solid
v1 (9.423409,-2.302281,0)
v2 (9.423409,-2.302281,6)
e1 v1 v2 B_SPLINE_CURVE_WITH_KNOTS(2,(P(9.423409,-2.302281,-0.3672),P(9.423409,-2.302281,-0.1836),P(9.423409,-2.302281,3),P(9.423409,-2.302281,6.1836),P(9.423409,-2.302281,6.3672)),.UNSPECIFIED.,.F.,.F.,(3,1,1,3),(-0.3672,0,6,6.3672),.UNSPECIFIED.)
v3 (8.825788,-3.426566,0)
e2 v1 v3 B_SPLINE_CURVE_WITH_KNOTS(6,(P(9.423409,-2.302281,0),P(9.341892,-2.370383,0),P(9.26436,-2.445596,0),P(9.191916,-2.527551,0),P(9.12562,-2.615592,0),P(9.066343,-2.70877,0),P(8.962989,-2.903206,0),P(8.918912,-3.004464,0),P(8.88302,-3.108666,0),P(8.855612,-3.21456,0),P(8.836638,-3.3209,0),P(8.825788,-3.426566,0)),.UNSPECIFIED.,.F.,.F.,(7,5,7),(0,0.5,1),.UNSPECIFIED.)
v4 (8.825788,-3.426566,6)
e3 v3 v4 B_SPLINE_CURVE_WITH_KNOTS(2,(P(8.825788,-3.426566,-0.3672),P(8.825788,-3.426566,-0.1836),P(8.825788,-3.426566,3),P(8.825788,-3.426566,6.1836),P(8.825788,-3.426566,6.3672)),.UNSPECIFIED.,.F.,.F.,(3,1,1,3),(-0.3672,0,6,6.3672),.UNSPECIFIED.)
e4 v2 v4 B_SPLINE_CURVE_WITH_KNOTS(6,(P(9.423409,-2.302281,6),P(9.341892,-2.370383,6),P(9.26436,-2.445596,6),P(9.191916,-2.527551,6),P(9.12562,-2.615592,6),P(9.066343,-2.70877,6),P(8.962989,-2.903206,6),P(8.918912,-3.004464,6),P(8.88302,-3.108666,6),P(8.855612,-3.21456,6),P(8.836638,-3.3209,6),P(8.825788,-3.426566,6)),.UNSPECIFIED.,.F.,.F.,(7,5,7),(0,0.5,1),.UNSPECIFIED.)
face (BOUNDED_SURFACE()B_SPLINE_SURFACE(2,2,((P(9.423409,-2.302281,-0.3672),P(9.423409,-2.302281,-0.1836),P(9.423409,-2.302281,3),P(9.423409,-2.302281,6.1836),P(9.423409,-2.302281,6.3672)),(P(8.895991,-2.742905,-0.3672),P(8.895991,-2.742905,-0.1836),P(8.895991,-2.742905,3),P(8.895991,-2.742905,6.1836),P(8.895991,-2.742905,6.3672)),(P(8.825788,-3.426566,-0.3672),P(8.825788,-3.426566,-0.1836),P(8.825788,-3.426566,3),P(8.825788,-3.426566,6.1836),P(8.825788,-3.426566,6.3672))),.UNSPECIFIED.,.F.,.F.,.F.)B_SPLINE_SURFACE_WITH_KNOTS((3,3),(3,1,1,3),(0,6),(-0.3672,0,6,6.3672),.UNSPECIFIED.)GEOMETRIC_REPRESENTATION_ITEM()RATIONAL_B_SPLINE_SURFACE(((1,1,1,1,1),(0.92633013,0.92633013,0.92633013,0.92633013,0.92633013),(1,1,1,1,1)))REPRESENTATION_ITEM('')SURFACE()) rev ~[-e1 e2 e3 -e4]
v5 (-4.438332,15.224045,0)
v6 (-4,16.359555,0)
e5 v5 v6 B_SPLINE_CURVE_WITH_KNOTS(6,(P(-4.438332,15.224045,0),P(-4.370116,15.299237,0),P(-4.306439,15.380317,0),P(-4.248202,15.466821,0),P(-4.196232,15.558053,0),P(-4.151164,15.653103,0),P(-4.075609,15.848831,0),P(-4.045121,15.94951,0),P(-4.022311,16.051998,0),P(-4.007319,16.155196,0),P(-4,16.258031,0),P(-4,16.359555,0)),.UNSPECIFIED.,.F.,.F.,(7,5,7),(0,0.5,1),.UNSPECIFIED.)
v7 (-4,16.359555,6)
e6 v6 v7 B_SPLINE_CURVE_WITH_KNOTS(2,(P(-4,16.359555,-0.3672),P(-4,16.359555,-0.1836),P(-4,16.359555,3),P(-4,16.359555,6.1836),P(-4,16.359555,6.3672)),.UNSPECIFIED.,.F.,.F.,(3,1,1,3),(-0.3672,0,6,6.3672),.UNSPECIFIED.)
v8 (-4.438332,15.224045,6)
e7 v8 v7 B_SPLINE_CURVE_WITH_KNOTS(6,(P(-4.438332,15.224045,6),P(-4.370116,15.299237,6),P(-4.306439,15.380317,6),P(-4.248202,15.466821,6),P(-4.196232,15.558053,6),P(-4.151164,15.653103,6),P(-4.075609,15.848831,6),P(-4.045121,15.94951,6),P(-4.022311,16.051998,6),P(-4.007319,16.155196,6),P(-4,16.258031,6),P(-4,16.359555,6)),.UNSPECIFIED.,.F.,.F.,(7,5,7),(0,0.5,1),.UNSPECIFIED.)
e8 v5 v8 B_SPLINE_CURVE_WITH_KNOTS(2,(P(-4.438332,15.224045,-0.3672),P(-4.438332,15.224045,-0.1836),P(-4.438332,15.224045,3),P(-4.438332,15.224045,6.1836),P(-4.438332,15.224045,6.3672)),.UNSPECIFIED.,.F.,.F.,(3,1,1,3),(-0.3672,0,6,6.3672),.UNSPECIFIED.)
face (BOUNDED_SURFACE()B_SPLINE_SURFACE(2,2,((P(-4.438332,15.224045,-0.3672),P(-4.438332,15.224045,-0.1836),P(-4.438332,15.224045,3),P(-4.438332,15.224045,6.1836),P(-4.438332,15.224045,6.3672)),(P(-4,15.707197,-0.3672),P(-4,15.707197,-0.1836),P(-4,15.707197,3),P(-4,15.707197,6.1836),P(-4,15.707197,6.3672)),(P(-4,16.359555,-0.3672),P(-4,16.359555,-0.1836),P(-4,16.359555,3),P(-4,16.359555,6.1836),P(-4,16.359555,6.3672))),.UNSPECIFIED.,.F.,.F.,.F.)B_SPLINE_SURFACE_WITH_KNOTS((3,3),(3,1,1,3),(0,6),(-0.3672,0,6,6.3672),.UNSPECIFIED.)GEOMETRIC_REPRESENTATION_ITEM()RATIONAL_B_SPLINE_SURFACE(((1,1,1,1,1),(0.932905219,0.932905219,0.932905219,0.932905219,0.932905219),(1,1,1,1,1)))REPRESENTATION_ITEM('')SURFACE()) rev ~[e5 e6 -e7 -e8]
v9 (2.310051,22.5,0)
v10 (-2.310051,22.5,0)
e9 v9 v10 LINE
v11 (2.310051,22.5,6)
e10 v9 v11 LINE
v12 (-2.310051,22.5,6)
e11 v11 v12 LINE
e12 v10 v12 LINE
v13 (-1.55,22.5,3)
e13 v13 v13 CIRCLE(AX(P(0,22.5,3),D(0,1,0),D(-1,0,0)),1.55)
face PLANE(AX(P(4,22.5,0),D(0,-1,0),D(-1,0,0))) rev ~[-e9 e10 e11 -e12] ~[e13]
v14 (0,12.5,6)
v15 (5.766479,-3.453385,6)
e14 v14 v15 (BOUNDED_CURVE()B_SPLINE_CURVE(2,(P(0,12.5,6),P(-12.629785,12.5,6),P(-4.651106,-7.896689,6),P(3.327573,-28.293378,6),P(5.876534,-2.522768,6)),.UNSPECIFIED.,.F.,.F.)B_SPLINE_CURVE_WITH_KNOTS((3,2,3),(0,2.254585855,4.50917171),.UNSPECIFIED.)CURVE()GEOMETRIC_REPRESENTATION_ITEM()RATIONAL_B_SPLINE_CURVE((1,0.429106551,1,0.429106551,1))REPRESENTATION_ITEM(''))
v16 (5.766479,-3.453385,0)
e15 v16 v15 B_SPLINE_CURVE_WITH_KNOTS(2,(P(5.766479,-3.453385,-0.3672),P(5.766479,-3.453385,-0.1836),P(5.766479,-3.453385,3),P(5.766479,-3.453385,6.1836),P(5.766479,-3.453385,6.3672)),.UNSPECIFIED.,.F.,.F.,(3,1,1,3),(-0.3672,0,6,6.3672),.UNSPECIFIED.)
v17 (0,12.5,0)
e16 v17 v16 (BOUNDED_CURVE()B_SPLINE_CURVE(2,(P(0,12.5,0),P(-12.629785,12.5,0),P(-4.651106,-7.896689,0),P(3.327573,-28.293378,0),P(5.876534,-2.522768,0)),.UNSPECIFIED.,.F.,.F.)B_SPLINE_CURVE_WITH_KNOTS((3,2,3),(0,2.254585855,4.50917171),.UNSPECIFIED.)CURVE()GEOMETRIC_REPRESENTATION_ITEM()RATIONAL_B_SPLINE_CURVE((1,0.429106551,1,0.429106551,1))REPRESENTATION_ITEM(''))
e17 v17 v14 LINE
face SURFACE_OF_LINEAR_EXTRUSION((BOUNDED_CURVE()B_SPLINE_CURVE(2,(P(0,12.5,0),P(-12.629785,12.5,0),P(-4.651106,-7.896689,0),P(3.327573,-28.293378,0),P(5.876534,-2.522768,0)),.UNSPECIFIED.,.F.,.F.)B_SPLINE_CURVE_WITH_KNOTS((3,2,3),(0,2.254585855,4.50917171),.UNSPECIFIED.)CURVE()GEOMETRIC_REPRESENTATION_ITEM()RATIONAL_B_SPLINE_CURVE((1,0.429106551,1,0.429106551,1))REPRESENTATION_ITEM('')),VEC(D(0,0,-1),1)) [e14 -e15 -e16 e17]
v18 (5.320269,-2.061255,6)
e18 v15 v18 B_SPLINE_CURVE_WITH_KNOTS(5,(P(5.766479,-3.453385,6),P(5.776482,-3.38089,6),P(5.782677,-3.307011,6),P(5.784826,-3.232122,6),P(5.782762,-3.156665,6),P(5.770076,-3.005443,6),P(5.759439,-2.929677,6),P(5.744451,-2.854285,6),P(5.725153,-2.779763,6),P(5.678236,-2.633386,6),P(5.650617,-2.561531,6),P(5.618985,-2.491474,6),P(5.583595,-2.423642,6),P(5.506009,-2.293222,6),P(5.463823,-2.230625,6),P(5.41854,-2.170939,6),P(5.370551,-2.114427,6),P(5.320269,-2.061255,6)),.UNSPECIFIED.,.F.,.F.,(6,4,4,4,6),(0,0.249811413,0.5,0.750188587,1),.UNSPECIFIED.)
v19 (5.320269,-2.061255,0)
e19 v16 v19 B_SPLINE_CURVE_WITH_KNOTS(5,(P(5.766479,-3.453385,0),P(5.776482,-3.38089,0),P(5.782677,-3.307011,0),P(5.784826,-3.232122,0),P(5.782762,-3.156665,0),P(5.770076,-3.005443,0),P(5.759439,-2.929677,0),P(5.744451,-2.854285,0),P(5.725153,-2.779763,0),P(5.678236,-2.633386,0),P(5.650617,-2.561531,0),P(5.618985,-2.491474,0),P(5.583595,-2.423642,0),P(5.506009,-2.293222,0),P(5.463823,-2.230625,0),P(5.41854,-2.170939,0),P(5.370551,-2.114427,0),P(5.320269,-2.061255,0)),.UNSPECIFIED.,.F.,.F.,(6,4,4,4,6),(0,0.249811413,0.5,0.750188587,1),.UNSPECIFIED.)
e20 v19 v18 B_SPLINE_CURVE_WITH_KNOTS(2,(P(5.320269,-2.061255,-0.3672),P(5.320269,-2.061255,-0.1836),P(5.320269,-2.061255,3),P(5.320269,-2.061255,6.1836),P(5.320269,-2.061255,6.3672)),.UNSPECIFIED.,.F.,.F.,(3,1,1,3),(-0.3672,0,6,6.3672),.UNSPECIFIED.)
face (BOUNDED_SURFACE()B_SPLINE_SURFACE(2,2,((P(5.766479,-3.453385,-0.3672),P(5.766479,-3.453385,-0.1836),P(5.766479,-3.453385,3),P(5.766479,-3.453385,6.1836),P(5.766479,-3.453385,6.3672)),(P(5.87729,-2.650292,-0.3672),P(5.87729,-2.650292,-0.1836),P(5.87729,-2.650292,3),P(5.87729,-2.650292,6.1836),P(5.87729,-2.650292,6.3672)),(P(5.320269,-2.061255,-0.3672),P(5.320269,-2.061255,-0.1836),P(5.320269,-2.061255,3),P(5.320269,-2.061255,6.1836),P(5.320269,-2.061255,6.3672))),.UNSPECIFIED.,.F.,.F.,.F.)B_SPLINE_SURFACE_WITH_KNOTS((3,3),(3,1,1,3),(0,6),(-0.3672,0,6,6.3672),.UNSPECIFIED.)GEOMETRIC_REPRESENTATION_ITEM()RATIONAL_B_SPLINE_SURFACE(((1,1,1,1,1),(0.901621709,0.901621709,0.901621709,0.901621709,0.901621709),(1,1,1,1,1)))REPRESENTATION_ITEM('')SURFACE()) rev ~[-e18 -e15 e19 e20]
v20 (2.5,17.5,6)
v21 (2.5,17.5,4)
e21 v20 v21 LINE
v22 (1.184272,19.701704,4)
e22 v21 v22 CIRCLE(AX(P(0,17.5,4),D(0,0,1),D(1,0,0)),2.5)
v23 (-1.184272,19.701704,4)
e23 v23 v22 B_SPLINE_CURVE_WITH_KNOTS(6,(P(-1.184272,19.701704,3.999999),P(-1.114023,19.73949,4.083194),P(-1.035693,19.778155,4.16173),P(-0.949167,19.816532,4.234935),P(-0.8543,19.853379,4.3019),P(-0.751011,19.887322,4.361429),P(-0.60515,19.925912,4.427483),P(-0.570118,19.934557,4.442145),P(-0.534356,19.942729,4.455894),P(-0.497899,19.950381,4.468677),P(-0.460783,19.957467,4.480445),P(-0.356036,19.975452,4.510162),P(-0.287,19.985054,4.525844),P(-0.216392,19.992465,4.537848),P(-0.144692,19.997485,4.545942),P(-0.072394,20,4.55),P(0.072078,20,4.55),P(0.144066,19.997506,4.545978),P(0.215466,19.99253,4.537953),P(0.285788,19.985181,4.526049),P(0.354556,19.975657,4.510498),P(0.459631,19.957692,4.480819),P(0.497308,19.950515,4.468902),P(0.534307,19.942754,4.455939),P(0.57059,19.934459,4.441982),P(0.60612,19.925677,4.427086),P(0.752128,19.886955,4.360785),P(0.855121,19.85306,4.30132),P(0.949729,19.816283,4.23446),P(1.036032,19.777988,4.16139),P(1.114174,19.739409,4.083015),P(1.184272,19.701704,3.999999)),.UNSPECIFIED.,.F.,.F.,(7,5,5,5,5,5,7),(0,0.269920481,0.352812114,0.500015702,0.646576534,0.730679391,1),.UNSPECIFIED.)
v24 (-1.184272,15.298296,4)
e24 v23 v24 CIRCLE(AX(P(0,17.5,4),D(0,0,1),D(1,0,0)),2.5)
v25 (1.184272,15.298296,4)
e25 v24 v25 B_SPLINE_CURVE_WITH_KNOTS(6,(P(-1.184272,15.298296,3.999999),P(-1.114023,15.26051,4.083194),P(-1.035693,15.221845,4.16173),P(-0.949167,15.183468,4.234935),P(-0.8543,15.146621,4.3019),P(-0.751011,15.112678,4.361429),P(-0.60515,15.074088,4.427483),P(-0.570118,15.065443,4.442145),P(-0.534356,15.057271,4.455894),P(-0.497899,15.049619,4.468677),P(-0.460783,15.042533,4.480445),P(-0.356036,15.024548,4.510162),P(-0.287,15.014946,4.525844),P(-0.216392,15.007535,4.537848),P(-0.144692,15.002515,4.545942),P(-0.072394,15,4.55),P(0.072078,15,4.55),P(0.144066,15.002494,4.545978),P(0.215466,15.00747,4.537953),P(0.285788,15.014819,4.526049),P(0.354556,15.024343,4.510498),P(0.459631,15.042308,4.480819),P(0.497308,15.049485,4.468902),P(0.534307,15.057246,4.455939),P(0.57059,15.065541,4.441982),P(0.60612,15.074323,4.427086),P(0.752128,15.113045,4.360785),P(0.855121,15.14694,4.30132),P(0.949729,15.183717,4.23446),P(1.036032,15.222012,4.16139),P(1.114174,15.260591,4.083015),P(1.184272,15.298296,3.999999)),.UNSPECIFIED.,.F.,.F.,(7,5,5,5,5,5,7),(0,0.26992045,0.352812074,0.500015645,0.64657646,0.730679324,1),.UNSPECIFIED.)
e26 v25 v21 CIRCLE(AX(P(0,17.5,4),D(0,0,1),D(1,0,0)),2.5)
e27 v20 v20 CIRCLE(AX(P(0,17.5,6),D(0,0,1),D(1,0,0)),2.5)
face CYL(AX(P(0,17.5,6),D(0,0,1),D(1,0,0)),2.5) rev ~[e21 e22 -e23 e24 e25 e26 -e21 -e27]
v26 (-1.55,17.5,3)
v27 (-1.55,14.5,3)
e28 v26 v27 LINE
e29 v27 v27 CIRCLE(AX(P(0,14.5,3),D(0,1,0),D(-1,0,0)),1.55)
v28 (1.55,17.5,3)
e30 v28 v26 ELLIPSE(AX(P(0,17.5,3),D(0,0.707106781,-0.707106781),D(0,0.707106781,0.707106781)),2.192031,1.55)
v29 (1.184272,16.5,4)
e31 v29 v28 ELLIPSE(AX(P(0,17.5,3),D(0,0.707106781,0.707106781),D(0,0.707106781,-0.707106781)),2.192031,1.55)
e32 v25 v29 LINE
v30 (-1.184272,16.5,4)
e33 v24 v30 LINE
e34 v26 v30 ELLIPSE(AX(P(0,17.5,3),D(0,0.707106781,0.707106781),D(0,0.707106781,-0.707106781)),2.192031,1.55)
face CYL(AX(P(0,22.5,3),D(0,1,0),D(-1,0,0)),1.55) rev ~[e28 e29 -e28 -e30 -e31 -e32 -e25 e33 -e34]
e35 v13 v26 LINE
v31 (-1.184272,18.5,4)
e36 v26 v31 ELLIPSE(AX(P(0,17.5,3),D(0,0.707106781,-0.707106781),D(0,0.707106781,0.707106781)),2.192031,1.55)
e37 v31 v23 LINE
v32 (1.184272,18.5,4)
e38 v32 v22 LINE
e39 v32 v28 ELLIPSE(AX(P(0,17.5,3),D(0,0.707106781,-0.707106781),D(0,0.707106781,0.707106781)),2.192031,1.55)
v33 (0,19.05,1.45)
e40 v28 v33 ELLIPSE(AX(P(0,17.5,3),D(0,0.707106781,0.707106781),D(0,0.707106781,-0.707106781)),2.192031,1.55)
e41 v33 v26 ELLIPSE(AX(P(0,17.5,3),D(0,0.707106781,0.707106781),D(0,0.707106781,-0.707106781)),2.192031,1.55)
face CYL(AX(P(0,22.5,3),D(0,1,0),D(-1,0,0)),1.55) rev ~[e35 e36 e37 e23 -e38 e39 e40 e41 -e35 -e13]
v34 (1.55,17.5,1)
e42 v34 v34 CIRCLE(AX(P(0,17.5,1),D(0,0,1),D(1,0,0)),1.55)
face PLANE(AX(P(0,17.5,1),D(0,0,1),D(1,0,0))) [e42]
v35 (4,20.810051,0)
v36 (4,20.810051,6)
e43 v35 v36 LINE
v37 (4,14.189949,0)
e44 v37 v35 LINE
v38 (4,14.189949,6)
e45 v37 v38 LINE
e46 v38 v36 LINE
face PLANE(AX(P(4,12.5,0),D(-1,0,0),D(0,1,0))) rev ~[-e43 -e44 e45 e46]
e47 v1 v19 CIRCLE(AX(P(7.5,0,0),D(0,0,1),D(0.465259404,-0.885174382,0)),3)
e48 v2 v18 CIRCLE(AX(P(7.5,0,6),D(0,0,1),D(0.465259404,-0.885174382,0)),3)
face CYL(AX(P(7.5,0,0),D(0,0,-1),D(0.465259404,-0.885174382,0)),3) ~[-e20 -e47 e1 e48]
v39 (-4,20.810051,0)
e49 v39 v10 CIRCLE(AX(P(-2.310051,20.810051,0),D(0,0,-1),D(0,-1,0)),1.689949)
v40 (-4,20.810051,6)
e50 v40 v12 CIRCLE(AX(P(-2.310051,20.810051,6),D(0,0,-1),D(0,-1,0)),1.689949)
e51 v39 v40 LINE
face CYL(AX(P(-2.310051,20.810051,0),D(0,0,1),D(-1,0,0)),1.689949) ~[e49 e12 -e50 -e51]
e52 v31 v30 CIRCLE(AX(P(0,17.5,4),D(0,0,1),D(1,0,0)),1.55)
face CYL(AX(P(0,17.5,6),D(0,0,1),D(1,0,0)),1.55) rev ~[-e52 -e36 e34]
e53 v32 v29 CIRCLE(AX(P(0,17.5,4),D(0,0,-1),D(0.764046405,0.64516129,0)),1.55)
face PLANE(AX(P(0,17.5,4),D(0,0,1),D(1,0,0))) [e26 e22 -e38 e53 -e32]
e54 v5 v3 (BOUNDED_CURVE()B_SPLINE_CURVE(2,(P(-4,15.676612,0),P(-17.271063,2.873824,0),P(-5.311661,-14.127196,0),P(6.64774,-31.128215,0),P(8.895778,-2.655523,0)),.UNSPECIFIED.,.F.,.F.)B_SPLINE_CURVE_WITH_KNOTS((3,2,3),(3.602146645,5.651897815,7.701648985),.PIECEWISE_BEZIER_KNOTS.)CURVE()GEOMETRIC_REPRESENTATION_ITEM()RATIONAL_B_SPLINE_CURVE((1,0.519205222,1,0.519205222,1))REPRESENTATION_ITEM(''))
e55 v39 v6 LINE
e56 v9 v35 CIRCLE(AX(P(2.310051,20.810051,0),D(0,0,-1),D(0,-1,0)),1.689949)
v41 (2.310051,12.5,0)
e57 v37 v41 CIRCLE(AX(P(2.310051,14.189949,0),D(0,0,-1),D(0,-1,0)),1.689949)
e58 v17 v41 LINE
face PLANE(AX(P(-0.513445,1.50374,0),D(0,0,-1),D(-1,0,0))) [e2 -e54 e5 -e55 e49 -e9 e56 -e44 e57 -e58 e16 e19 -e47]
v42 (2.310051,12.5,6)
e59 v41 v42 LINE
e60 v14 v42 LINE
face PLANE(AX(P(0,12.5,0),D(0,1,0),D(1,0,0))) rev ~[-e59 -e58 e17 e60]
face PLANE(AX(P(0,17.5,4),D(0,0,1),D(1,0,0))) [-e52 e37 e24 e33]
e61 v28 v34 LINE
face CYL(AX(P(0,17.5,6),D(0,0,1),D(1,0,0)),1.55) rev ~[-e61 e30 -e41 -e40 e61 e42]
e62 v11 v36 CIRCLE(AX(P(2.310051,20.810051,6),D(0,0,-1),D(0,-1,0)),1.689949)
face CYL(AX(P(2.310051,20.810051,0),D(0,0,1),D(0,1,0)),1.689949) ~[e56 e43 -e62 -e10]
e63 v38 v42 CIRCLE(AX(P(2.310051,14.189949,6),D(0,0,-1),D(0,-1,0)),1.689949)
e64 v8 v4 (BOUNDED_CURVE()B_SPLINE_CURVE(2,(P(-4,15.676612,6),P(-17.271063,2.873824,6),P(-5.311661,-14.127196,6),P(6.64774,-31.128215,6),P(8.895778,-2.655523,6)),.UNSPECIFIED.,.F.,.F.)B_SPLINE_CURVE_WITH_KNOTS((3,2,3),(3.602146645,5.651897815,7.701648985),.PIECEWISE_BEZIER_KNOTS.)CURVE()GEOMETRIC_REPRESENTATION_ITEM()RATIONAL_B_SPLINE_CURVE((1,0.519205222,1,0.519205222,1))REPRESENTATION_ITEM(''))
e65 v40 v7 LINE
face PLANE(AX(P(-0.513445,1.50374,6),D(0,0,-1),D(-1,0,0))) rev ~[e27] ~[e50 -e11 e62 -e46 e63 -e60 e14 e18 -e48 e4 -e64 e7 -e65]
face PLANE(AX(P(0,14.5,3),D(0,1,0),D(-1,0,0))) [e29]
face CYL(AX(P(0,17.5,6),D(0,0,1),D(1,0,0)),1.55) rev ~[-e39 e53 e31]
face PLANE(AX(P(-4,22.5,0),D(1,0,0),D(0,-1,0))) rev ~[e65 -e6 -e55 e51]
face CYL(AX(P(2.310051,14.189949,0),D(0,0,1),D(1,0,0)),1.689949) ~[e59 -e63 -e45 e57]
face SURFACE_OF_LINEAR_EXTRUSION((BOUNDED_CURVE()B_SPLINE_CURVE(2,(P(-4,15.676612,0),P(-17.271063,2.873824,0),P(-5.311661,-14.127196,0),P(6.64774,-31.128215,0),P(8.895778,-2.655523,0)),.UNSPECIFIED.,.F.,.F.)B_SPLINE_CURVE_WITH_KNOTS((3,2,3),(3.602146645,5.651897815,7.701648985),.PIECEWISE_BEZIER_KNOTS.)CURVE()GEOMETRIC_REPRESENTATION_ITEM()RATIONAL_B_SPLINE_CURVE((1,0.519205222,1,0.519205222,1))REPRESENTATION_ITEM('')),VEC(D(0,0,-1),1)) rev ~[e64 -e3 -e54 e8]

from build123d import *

# Parameters (mm, degrees)
F1_DEPTH = 6
F2_R     = 1.6899494937
F3_R     = 1.55
F4_DEPTH = 8
F5_R     = 1.55
F6_DEPTH = 5
F5_R_2   = 2.5
F7_DEPTH = 2


with BuildPart() as f1:
    # F0 (on Top) → F1 (new body)
    with BuildSketch(Plane.XY):
        with BuildLine():
            add(Edge.make_bspline(
                [(0, 12.5), (-12.6297845017, 12.5), (-4.6511058744, -7.8966891975), (3.3275727529, -28.2933783949), (5.8765340024, -2.522767955)],
                knots=[0, 0, 0, 2.254585855, 2.254585855, 4.5091717099, 4.5091717099, 4.5091717099], degree=2, weights=[1, 0.429106551, 1, 0.429106551, 1]))
            Line((0, 12.5), (4, 12.5))
            Line((4, 12.5), (4, 22.5))
            Line((4, 22.5), (-4, 22.5))
            Line((-4, 22.5), (-4, 15.6766122884))
            add(Edge.make_bspline(
                [(-4, 15.6766122884), (-17.2710632683, 2.8738237646), (-5.3116613856, -14.1271955928), (6.6477404971, -31.1282149502), (8.8957782131, -2.6555231462)],
                knots=[3.6021466453, 3.6021466453, 3.6021466453, 5.6518978151, 5.6518978151, 7.7016489849, 7.7016489849, 7.7016489849], degree=2, weights=[1, 0.5192052222, 1, 0.5192052222, 1]))
            ThreePointArc((8.8957782131, -2.6555231462), (7.6317817021, 2.9971041996), (5.8765340024, -2.522767955))
        make_face()
    extrude(amount=F1_DEPTH)

    # F2
    f2_edges = [f1.edges().sort_by_distance(p)[0] for p in [
        (8.895778, -2.655523, 3),
        (4, 12.5, 3),
        (5.876534, -2.522768, 3),
        (-4, 15.676612, 3),
        (4, 22.5, 3),
        (-4, 22.5, 3),
    ]]
    fillet(f2_edges, radius=F2_R)

    # F3 (on face) → F4 (cut)
    with BuildSketch(Plane(origin=(0, 22.5, 0), x_dir=(-1, 0, 0), z_dir=(0, 1, 0))):
        with Locations((0, 3)):
            Circle(F3_R)
    extrude(amount=-F4_DEPTH, mode=Mode.SUBTRACT)

    # F5 (on face) → F6 (cut)
    with BuildSketch(Plane.XY.offset(6)):
        with Locations((0, 17.5)):
            Circle(F5_R)
    extrude(amount=-F6_DEPTH, mode=Mode.SUBTRACT)

    # F5 (on face) → F7 (cut)
    with BuildSketch(Plane.XY.offset(6)):
        with Locations((0, 17.5)):
            Circle(F5_R_2)
        with Locations((0, 17.5)):
            Circle(F5_R, mode=Mode.SUBTRACT)
    extrude(amount=-F7_DEPTH, mode=Mode.SUBTRACT)


solid = f1.part
